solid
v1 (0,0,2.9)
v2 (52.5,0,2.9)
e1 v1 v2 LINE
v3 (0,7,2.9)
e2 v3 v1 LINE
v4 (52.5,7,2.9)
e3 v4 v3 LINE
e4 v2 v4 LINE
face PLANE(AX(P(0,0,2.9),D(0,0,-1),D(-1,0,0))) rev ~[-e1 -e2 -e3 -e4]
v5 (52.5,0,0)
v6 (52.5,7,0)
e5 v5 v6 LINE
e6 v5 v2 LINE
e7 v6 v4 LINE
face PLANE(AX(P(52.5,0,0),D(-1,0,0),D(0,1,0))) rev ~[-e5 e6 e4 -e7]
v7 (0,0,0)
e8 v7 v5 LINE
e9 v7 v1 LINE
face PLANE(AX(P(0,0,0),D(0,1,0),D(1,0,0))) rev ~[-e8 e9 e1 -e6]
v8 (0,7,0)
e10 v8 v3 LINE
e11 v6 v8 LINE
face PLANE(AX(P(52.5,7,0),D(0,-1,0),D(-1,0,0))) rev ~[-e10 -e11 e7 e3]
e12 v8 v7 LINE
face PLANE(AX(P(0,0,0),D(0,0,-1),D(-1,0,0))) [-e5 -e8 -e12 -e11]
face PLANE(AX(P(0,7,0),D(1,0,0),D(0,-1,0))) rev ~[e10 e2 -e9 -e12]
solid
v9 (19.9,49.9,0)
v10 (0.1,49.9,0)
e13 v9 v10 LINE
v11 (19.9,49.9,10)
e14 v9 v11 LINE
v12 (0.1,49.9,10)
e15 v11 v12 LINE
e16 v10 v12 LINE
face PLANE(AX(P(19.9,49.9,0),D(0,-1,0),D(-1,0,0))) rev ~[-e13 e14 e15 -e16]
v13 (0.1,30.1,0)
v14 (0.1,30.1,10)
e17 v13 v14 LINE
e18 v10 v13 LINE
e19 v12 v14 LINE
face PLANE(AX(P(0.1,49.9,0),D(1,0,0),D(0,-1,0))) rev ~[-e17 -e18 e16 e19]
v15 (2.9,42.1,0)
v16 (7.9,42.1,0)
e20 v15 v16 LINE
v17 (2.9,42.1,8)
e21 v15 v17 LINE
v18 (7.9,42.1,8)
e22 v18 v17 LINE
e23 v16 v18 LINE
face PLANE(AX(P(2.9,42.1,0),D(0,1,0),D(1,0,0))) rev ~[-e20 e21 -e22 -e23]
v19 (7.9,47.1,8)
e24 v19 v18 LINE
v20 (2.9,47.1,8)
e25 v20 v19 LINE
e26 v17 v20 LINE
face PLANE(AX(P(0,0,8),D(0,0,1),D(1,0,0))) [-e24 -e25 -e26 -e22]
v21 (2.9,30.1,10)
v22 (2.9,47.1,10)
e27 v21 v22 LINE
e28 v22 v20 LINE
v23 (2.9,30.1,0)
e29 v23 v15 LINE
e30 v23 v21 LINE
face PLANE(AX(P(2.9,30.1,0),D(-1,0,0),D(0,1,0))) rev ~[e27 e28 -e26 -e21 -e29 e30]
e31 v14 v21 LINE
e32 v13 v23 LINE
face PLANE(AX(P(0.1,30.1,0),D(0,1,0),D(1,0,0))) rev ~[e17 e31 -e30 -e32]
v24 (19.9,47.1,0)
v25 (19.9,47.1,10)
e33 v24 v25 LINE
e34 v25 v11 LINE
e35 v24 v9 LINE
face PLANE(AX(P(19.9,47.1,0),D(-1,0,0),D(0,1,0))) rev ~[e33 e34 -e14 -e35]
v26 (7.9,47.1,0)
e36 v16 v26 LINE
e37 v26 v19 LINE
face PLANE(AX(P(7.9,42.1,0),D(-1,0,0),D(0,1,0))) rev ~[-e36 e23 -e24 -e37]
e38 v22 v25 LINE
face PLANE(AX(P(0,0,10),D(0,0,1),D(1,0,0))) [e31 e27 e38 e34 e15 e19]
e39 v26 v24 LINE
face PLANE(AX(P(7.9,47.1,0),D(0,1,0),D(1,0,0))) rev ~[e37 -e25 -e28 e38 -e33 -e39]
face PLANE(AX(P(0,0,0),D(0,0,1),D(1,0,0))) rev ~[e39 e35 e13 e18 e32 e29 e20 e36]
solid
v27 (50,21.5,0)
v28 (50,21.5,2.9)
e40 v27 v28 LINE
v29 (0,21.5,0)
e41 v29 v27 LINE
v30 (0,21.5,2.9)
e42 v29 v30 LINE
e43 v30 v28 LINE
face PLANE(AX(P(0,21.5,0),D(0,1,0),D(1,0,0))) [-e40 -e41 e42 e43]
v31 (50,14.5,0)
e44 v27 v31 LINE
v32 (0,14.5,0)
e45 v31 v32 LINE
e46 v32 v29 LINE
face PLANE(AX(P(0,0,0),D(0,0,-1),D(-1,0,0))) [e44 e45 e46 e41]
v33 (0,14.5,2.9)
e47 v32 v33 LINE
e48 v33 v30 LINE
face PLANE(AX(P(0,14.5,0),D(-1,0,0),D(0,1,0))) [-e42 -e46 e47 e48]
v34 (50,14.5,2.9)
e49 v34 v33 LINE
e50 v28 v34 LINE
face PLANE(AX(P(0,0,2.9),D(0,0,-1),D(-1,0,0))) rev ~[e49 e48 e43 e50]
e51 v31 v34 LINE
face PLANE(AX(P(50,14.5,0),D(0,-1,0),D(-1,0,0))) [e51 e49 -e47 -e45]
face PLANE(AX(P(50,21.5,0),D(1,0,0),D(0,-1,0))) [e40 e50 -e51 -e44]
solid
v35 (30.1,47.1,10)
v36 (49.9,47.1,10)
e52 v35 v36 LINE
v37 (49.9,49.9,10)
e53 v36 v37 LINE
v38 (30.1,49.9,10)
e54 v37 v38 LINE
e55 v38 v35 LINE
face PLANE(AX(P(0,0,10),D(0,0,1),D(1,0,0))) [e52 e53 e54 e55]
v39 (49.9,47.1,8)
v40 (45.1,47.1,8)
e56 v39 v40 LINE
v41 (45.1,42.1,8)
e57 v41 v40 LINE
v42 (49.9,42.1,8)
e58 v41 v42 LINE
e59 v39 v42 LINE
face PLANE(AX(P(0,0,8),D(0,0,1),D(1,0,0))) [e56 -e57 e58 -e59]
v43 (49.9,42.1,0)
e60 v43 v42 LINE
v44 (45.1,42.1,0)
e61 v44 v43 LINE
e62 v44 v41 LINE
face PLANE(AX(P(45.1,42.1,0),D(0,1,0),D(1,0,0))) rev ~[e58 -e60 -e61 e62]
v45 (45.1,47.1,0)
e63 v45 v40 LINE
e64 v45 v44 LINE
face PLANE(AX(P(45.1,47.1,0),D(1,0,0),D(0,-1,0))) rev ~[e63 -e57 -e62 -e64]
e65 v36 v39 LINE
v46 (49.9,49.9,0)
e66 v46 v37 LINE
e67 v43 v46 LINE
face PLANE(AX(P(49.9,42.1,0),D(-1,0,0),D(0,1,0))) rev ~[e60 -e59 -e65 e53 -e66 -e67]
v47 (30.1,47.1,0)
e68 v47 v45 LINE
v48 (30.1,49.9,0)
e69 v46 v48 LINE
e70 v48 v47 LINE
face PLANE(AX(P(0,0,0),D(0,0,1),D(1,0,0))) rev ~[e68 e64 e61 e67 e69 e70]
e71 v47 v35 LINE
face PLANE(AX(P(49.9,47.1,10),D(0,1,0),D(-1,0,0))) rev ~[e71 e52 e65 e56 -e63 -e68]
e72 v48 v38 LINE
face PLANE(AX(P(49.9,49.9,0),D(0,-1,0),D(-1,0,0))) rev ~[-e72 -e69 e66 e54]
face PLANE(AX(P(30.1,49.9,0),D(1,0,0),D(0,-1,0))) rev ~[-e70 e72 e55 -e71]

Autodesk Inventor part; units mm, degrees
ref_plane "YZ Plane" through (0, 0, 0) normal (1, 0, 0) x (0, 1, 0)
ref_plane "XZ Plane" through (0, 0, 0) normal (0, 1, 0) x (-1, 0, 0)
ref_plane "XY Plane" through (0, 0, 0) normal (0, 0, 1) x (1, 0, 0)
sketch "Esboço1" plane through (0, 0, 0) normal (0, 0, 1) x (1, 0, 0)
  line L0 (0, 20) -> (0, 0)
  line L1 (45, 0) -> (45, 5)
  line L2 (45, 5) -> (50, 5)
  line L3 (50, 5) -> (50, 0)
  line L4 (50, 0) -> (45, 0)
  line L5 (0, 30) -> (0, 50)
  line L6 (8, 47) -> (8, 42)
  line L7 (8, 42) -> (3, 42)
  line L8 (3, 42) -> (3, 30)
  line L9 (3, 30) -> (0, 30)
  line L10 (30, 50) -> (50, 50)
  line L11 (50, 50) -> (50, 42)
  line L12 (50, 42) -> (45, 42)
  line L13 (45, 42) -> (45, 47)
  line L14 (45, 47) -> (30, 47)
  line L15 (30, 47) -> (30, 50)
  line L16 (0, 50) -> (20, 50)
  line L17 (20, 50) -> (20, 47)
  line L18 (20, 47) -> (8, 47)
  line L19 (0, 20) -> (3, 20)
  line L20 (3, 20) -> (3, 5)
  line L21 (0, 0) -> (8, 0)
  line L22 (8, 0) -> (8, 5)
  line L23 (8, 5) -> (3, 5)
  line L24 (0.1, 49.9) -> (0.1, 30.1)
  line L25 (0.1, 30.1) -> (2.9, 30.1)
  line L26 (2.9, 30.1) -> (2.9, 42.1)
  line L27 (2.9, 42.1) -> (7.9, 42.1)
  line L28 (7.9, 42.1) -> (7.9, 47.1)
  line L29 (7.9, 47.1) -> (19.9, 47.1)
  line L30 (19.9, 47.1) -> (19.9, 49.9)
  line L31 (19.9, 49.9) -> (0.1, 49.9)
  line L32 (30.1, 49.9) -> (30.1, 47.1)
  line L33 (30.1, 47.1) -> (45.1, 47.1)
  line L34 (45.1, 47.1) -> (45.1, 42.1)
  line L35 (45.1, 42.1) -> (49.9, 42.1)
  line L36 (49.9, 42.1) -> (49.9, 49.9)
  line L37 (49.9, 49.9) -> (30.1, 49.9)
  line L38 (45.1, 4.9) -> (45.1, 0.1)
  line L39 (45.1, 0.1) -> (49.9, 0.1)
  line L40 (49.9, 0.1) -> (49.9, 4.9)
  line L41 (49.9, 4.9) -> (45.1, 4.9)
  line L42 (0.1, 19.9) -> (0.1, 0.1)
  line L43 (0.1, 0.1) -> (7.9, 0.1)
  line L44 (7.9, 0.1) -> (7.9, 4.9)
  line L45 (7.9, 4.9) -> (2.9, 4.9)
  line L46 (2.9, 4.9) -> (2.9, 19.9)
  line L47 (2.9, 19.9) -> (0.1, 19.9)
  dimension "d3" = 10
  dimension "d4" = 20
  dimension "d6" = 20
  dimension "d7" = 5
  dimension "d8" = 5
  dimension "d9" = 3
  dimension "d10" = 3
  dimension "d11" = 20
  dimension "d14" = 5
  dimension "d15" = 5
  dimension "d16" = 3
  dimension "d17" = 5
  dimension "d18" = 5
  dimension "d19" = 3
  dimension "d20" = 5
  dimension "d21" = 20
  dimension "d22" = 10
  dimension "d23" = 5
  dimension "d33" = 0.1
  dimension "d34" = 0.1
  dimension "d35" = 0.1
  dimension "d36" = 0.1
  dimension "d37" = 0.1
  dimension "d38" = 0.1
  dimension "d40" = 0.1
  dimension "d41" = 0.1
  dimension "d43" = 0.1
  dimension "d44" = 0.1
  dimension "d45" = 0.1
  dimension "d46" = 0.1
  dimension "d47" = 0.1
  dimension "d48" = 0.1
  dimension "d49" = 0.1
  dimension "d50" = 0.1
  dimension "d51" = 0.1
  dimension "d52" = 0.1
  dimension "d53" = 0.1
  dimension "d54" = 0.1
  dimension "d55" = 0.1
  dimension "d56" = 0.1
extrude "Extrusão3" add sketch "Esboço1" along normal blind 10 contours L31 L30 L29 L28 L27 L26 L25 L24 | L37 L36 L35 L34 L33 L32 | L41 L40 L39 L38 | L47 L46 L45 L44 L43 L42
sketch "Esboço3" plane through (0, 0, 10) normal (0, 0, 1) x (1, 0, 0)
  line L0 (7.9, 0.1) -> (7.9, 4.9) projected
  line L1 (7.9, 4.9) -> (2.9, 4.9)
  line L2 (2.9, 4.9) -> (2.9, 0.1)
  line L3 (2.9, 0.1) -> (7.9, 0.1)
  line L4 (7.9, 0.1) -> (7.9, 4.9)
  line L5 (49.9, 4.9) -> (45.1, 4.9) projected
  line L6 (45.1, 0.1) -> (49.9, 0.1) projected
  line L7 (45.1, 4.9) -> (49.9, 4.9)
  line L8 (49.9, 4.9) -> (49.9, 0.1)
  line L9 (49.9, 0.1) -> (45.1, 0.1)
  line L10 (45.1, 0.1) -> (45.1, 4.9)
  line L11 (50.9, 47.1) -> (45.1, 47.1)
  line L12 (46.1, 42.1) -> (49.9, 42.1)
  line L13 (45.1, 47.1) -> (49.9, 47.1)
  line L14 (49.9, 47.1) -> (49.9, 42.1)
  line L15 (49.9, 42.1) -> (45.1, 42.1)
  line L16 (45.1, 42.1) -> (45.1, 47.1)
  line L17 (45.1, 42.1) -> (49.9, 42.1) projected
  line L18 (49.9, 42.1) -> (49.9, 49.9) projected
  line L19 (7.9, 42.1) -> (2.9, 42.1)
  line L20 (2.9, 42.1) -> (2.9, 47.1)
  line L21 (2.9, 47.1) -> (7.9, 47.1)
  line L22 (7.9, 47.1) -> (7.9, 42.1)
  line L23 (7.9, 47.1) -> (19.9, 47.1) projected
  line L24 (2.9, 30.1) -> (2.9, 42.1) projected
  point P0 (0, 0)
  dimension "d60" = 4.8
  dimension "d61" = 5
  dimension "d62" = 4.8
  dimension "d63" = 5
extrude "Extrusão4" cut sketch "Esboço3" against normal blind 2
sketch "Esboço4" plane through (0, 0, 10) normal (0, 0, 1) x (1, 0, 0)
  line L0 (-10.899, 26.671) -> (68.9569, 26.671)
  line L1 (68.9569, 26.671) -> (68.9569, -16.1913)
  line L2 (68.9569, -16.1913) -> (-10.899, -16.1913)
  line L3 (-10.899, -16.1913) -> (-10.899, 26.671)
  point P0 (0, 0)
extrude "Extrusão5" cut sketch "Esboço4" against normal blind 20
sketch "Esboço5" plane through (0, 0, 0) normal (0, 0, -1) x (-1, 0, 0)
  line L0 (0, 0) -> (-52.5, 0)
  line L1 (-52.5, 0) -> (-52.5, 7)
  line L2 (-52.5, 7) -> (0, 7)
  line L3 (0, 7) -> (0, 0)
  line L4 (0, 21.5) -> (-50, 21.5)
  line L5 (-50, 21.5) -> (-50, 14.5)
  line L6 (-50, 14.5) -> (0, 14.5)
  line L7 (0, 14.5) -> (0, 21.5)
  line L8 (-0.1, 30.1) -> (-2.9, 30.1) projected
  dimension "d68" = 52.5
  dimension "d69" = 50
  dimension "d72" = 7
  dimension "d73" = 7
  dimension "d74" = 7.5
extrude "Extrusão6" add sketch "Esboço5" against normal blind 2.9
properties part number "Suporte_proto"
